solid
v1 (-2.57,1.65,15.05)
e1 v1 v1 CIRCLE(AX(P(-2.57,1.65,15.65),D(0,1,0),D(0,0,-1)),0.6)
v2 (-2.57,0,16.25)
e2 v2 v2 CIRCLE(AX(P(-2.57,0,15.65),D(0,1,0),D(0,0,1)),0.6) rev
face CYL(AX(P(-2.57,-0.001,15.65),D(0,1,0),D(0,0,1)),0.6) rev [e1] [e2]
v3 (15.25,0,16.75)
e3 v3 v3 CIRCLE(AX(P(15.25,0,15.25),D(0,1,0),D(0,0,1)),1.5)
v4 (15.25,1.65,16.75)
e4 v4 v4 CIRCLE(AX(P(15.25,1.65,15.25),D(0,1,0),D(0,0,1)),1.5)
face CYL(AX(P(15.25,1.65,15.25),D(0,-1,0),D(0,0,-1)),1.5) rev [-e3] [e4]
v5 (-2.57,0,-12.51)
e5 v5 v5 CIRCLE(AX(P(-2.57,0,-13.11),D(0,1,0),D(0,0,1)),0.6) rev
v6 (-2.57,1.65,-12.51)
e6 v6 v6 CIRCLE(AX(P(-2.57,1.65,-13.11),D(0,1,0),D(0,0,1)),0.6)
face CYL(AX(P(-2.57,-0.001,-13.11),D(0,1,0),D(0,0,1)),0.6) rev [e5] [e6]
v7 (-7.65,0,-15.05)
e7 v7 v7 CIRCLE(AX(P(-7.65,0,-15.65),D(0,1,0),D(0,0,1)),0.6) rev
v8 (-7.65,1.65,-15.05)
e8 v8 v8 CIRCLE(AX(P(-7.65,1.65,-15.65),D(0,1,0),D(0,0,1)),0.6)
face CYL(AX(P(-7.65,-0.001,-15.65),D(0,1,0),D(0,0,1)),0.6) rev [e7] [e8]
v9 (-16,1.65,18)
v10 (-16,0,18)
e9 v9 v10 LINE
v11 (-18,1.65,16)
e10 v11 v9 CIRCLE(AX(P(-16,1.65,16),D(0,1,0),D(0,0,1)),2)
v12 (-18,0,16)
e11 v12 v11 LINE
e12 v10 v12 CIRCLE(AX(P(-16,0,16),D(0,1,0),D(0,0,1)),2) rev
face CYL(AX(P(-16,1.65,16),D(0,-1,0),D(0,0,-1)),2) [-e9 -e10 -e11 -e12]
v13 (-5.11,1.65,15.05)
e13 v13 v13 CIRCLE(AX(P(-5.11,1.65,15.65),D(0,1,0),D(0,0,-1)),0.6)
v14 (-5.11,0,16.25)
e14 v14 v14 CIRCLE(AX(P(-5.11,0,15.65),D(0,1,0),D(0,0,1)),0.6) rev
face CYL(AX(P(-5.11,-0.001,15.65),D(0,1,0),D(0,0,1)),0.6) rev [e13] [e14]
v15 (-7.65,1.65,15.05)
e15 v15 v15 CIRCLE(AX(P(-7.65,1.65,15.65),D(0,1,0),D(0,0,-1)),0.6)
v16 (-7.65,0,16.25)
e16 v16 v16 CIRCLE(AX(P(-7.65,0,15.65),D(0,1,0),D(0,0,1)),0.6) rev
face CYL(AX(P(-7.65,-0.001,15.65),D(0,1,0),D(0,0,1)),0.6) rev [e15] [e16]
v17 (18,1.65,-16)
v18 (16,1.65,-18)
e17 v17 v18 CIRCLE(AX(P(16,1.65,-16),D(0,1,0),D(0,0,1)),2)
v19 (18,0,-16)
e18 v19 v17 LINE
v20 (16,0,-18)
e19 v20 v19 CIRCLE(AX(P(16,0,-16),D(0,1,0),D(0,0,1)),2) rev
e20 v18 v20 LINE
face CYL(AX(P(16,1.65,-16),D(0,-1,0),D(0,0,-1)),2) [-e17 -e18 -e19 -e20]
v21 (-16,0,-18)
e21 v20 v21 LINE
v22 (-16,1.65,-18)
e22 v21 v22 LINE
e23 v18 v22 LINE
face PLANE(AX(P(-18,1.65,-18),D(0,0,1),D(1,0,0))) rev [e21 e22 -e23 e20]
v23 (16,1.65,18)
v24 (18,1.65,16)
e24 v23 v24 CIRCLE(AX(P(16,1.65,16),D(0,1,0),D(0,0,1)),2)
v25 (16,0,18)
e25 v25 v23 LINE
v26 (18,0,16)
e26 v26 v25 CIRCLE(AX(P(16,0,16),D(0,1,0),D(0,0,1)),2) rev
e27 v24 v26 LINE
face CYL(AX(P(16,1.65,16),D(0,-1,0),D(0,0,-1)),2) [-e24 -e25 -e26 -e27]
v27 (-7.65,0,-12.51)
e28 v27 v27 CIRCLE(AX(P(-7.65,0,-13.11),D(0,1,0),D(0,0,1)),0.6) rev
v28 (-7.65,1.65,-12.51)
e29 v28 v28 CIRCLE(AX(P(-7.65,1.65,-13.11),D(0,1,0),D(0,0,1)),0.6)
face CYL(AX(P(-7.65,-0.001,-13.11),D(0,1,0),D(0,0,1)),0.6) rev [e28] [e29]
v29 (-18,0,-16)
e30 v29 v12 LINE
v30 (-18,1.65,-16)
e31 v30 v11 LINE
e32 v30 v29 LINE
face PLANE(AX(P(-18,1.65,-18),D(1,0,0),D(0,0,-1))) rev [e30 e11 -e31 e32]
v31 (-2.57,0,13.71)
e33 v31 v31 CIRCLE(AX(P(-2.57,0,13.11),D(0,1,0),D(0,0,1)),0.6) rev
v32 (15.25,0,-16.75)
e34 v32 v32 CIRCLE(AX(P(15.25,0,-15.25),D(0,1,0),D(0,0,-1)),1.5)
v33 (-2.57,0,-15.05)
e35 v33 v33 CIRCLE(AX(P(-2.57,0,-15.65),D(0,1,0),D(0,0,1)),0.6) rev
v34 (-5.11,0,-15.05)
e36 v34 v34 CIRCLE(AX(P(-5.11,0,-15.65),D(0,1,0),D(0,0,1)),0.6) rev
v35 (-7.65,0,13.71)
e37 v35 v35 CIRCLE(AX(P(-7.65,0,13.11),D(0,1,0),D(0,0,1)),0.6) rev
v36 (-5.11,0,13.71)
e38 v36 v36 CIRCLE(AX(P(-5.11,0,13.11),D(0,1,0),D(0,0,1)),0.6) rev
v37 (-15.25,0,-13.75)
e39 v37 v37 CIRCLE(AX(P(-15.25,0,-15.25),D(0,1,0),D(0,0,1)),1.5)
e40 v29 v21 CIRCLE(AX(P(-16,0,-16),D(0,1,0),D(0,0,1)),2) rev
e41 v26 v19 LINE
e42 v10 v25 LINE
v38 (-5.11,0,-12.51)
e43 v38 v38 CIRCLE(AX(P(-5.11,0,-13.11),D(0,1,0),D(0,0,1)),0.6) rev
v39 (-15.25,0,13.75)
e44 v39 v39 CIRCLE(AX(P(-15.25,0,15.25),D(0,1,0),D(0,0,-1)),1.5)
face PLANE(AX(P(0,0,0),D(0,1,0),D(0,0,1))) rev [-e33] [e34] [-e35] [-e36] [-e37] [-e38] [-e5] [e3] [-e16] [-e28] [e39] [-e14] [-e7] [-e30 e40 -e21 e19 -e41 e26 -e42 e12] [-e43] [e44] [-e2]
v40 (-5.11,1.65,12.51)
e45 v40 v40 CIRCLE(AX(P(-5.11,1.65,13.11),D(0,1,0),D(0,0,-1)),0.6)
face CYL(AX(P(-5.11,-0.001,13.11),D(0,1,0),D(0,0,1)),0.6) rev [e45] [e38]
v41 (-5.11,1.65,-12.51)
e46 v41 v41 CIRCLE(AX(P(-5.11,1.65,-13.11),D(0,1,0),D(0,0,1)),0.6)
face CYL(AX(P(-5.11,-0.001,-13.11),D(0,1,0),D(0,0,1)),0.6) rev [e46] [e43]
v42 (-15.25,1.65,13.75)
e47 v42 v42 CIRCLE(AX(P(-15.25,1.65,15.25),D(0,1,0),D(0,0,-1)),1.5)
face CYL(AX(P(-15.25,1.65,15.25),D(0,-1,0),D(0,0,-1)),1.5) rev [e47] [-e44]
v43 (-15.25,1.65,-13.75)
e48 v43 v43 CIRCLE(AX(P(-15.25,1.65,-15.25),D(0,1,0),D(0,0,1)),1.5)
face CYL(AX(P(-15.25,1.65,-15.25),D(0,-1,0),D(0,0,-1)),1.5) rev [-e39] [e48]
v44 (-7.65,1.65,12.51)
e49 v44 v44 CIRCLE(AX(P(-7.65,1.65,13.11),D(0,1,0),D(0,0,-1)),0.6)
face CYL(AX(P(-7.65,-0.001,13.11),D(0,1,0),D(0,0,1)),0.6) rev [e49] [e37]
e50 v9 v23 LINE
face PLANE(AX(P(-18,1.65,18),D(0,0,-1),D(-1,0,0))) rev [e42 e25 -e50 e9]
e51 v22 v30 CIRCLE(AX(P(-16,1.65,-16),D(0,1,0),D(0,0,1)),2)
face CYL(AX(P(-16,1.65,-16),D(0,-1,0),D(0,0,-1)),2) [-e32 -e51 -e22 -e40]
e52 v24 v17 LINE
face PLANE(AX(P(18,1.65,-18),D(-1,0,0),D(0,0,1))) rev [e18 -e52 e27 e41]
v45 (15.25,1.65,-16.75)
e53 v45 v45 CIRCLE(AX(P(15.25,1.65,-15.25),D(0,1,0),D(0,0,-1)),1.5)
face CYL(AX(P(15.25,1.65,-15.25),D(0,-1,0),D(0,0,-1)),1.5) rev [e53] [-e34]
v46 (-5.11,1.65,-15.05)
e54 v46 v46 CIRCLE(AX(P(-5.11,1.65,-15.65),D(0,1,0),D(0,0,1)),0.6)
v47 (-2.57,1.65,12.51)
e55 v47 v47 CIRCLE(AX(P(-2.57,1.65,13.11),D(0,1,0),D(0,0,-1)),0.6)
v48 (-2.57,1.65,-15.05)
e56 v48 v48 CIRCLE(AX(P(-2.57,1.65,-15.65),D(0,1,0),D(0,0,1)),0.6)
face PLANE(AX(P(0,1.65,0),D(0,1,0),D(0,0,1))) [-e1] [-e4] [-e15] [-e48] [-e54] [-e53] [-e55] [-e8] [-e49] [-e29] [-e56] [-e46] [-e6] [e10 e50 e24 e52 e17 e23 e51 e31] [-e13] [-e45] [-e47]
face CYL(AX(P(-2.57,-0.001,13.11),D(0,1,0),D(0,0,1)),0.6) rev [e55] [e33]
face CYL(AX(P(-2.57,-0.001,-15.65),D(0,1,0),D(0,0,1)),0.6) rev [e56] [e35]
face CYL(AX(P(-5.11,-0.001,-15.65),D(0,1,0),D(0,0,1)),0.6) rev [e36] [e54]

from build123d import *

# Parameters (mm, degrees)
SKETCH1_W             = 36
SKETCH1_H             = 36
SKETCH1_R             = 1.5
BASE_SHAPE_DEPTH      = 1.65
ROUNDED_CORNERS_R     = 2
PINHEADER_HOLES_REACH = 27.509
SKETCH2_R             = 0.6


with BuildPart() as part:
    # Sketch1 → Base shape (new body)
    with BuildSketch(Plane(origin=(0, 0, 0), x_dir=(1, 0, 0), z_dir=(0, 1, 0))):
        Rectangle(SKETCH1_W, SKETCH1_H)
        with Locations(Location((-15.25, 15.25, 0), (0, 0, 270))):
            Circle(SKETCH1_R, mode=Mode.SUBTRACT)
        with Locations(Location((15.25, 15.25, 0), (0, 0, 90))):
            Circle(SKETCH1_R, mode=Mode.SUBTRACT)
        with Locations(Location((15.25, -15.25, 0), (0, 0, 270))):
            Circle(SKETCH1_R, mode=Mode.SUBTRACT)
        with Locations(Location((-15.25, -15.25, 0), (0, 0, 90))):
            Circle(SKETCH1_R, mode=Mode.SUBTRACT)
    extrude(amount=BASE_SHAPE_DEPTH)

    # Rounded corners
    rounded_corners_edges = [part.edges().sort_by_distance(p)[0] for p in [
        (18, 0.825, 18),
        (-18, 0.825, 18),
        (-18, 0.825, -18),
        (18, 0.825, -18),
    ]]
    fillet(rounded_corners_edges, radius=ROUNDED_CORNERS_R)

    # Sketch2 → Pinheader holes (cut, up to next)
    with BuildSketch(Plane(origin=(0, 1.65, 0), x_dir=(1, 0, 0), z_dir=(0, 1, 0)), mode=Mode.PRIVATE) as pinheader_holes_sk1:
        with Locations(Location((-5.11, 15.65, 0), (0, 0, 270))):
            Circle(SKETCH2_R)
    pinheader_holes_tool1 = extrude(pinheader_holes_sk1.sketch, amount=-PINHEADER_HOLES_REACH, mode=Mode.PRIVATE) & part.part
    # Sketch2 → Pinheader holes (cut, up to next)
    with BuildSketch(Plane(origin=(0, 1.65, 0), x_dir=(1, 0, 0), z_dir=(0, 1, 0)), mode=Mode.PRIVATE) as pinheader_holes_sk2:
        with Locations(Location((-7.65, 15.65, 0), (0, 0, 270))):
            Circle(SKETCH2_R)
    pinheader_holes_tool2 = extrude(pinheader_holes_sk2.sketch, amount=-PINHEADER_HOLES_REACH, mode=Mode.PRIVATE) & part.part
    # Sketch2 → Pinheader holes (cut, up to next)
    with BuildSketch(Plane(origin=(0, 1.65, 0), x_dir=(1, 0, 0), z_dir=(0, 1, 0)), mode=Mode.PRIVATE) as pinheader_holes_sk3:
        with Locations(Location((-2.57, 15.65, 0), (0, 0, 270))):
            Circle(SKETCH2_R)
    pinheader_holes_tool3 = extrude(pinheader_holes_sk3.sketch, amount=-PINHEADER_HOLES_REACH, mode=Mode.PRIVATE) & part.part
    # Sketch2 → Pinheader holes (cut, up to next)
    with BuildSketch(Plane(origin=(0, 1.65, 0), x_dir=(1, 0, 0), z_dir=(0, 1, 0)), mode=Mode.PRIVATE) as pinheader_holes_sk4:
        with Locations(Location((-5.11, 13.11, 0), (0, 0, 270))):
            Circle(SKETCH2_R)
    pinheader_holes_tool4 = extrude(pinheader_holes_sk4.sketch, amount=-PINHEADER_HOLES_REACH, mode=Mode.PRIVATE) & part.part
    # Sketch2 → Pinheader holes (cut, up to next)
    with BuildSketch(Plane(origin=(0, 1.65, 0), x_dir=(1, 0, 0), z_dir=(0, 1, 0)), mode=Mode.PRIVATE) as pinheader_holes_sk5:
        with Locations(Location((-2.57, 13.11, 0), (0, 0, 270))):
            Circle(SKETCH2_R)
    pinheader_holes_tool5 = extrude(pinheader_holes_sk5.sketch, amount=-PINHEADER_HOLES_REACH, mode=Mode.PRIVATE) & part.part
    # Sketch2 → Pinheader holes (cut, up to next)
    with BuildSketch(Plane(origin=(0, 1.65, 0), x_dir=(1, 0, 0), z_dir=(0, 1, 0)), mode=Mode.PRIVATE) as pinheader_holes_sk6:
        with Locations(Location((-7.65, 13.11, 0), (0, 0, 270))):
            Circle(SKETCH2_R)
    pinheader_holes_tool6 = extrude(pinheader_holes_sk6.sketch, amount=-PINHEADER_HOLES_REACH, mode=Mode.PRIVATE) & part.part
    # Sketch2 → Pinheader holes (cut, up to next)
    with BuildSketch(Plane(origin=(0, 1.65, 0), x_dir=(1, 0, 0), z_dir=(0, 1, 0)), mode=Mode.PRIVATE) as pinheader_holes_sk7:
        with Locations(Location((-2.57, -13.11, 0), (0, 0, 270))):
            Circle(SKETCH2_R)
    pinheader_holes_tool7 = extrude(pinheader_holes_sk7.sketch, amount=-PINHEADER_HOLES_REACH, mode=Mode.PRIVATE) & part.part
    # Sketch2 → Pinheader holes (cut, up to next)
    with BuildSketch(Plane(origin=(0, 1.65, 0), x_dir=(1, 0, 0), z_dir=(0, 1, 0)), mode=Mode.PRIVATE) as pinheader_holes_sk8:
        with Locations(Location((-2.57, -15.65, 0), (0, 0, 270))):
            Circle(SKETCH2_R)
    pinheader_holes_tool8 = extrude(pinheader_holes_sk8.sketch, amount=-PINHEADER_HOLES_REACH, mode=Mode.PRIVATE) & part.part
    # Sketch2 → Pinheader holes (cut, up to next)
    with BuildSketch(Plane(origin=(0, 1.65, 0), x_dir=(1, 0, 0), z_dir=(0, 1, 0)), mode=Mode.PRIVATE) as pinheader_holes_sk9:
        with Locations(Location((-5.11, -13.11, 0), (0, 0, 270))):
            Circle(SKETCH2_R)
    pinheader_holes_tool9 = extrude(pinheader_holes_sk9.sketch, amount=-PINHEADER_HOLES_REACH, mode=Mode.PRIVATE) & part.part
    # Sketch2 → Pinheader holes (cut, up to next)
    with BuildSketch(Plane(origin=(0, 1.65, 0), x_dir=(1, 0, 0), z_dir=(0, 1, 0)), mode=Mode.PRIVATE) as pinheader_holes_sk10:
        with Locations(Location((-5.11, -15.65, 0), (0, 0, 270))):
            Circle(SKETCH2_R)
    pinheader_holes_tool10 = extrude(pinheader_holes_sk10.sketch, amount=-PINHEADER_HOLES_REACH, mode=Mode.PRIVATE) & part.part
    # Sketch2 → Pinheader holes (cut, up to next)
    with BuildSketch(Plane(origin=(0, 1.65, 0), x_dir=(1, 0, 0), z_dir=(0, 1, 0)), mode=Mode.PRIVATE) as pinheader_holes_sk11:
        with Locations(Location((-7.65, -13.11, 0), (0, 0, 270))):
            Circle(SKETCH2_R)
    pinheader_holes_tool11 = extrude(pinheader_holes_sk11.sketch, amount=-PINHEADER_HOLES_REACH, mode=Mode.PRIVATE) & part.part
    # Sketch2 → Pinheader holes (cut, up to next)
    with BuildSketch(Plane(origin=(0, 1.65, 0), x_dir=(1, 0, 0), z_dir=(0, 1, 0)), mode=Mode.PRIVATE) as pinheader_holes_sk12:
        with Locations(Location((-7.65, -15.65, 0), (0, 0, 270))):
            Circle(SKETCH2_R)
    pinheader_holes_tool12 = extrude(pinheader_holes_sk12.sketch, amount=-PINHEADER_HOLES_REACH, mode=Mode.PRIVATE) & part.part
    add(pinheader_holes_tool1.solids().sort_by_distance((-5.11, 1.65, -15.65))[0], mode=Mode.SUBTRACT)
    add(pinheader_holes_tool2.solids().sort_by_distance((-7.65, 1.65, -15.65))[0], mode=Mode.SUBTRACT)
    add(pinheader_holes_tool3.solids().sort_by_distance((-2.57, 1.65, -15.65))[0], mode=Mode.SUBTRACT)
    add(pinheader_holes_tool4.solids().sort_by_distance((-5.11, 1.65, -13.11))[0], mode=Mode.SUBTRACT)
    add(pinheader_holes_tool5.solids().sort_by_distance((-2.57, 1.65, -13.11))[0], mode=Mode.SUBTRACT)
    add(pinheader_holes_tool6.solids().sort_by_distance((-7.65, 1.65, -13.11))[0], mode=Mode.SUBTRACT)
    add(pinheader_holes_tool7.solids().sort_by_distance((-2.57, 1.65, 13.11))[0], mode=Mode.SUBTRACT)
    add(pinheader_holes_tool8.solids().sort_by_distance((-2.57, 1.65, 15.65))[0], mode=Mode.SUBTRACT)
    add(pinheader_holes_tool9.solids().sort_by_distance((-5.11, 1.65, 13.11))[0], mode=Mode.SUBTRACT)
    add(pinheader_holes_tool10.solids().sort_by_distance((-5.11, 1.65, 15.65))[0], mode=Mode.SUBTRACT)
    add(pinheader_holes_tool11.solids().sort_by_distance((-7.65, 1.65, 13.11))[0], mode=Mode.SUBTRACT)
    add(pinheader_holes_tool12.solids().sort_by_distance((-7.65, 1.65, 15.65))[0], mode=Mode.SUBTRACT)


solid = part.part
